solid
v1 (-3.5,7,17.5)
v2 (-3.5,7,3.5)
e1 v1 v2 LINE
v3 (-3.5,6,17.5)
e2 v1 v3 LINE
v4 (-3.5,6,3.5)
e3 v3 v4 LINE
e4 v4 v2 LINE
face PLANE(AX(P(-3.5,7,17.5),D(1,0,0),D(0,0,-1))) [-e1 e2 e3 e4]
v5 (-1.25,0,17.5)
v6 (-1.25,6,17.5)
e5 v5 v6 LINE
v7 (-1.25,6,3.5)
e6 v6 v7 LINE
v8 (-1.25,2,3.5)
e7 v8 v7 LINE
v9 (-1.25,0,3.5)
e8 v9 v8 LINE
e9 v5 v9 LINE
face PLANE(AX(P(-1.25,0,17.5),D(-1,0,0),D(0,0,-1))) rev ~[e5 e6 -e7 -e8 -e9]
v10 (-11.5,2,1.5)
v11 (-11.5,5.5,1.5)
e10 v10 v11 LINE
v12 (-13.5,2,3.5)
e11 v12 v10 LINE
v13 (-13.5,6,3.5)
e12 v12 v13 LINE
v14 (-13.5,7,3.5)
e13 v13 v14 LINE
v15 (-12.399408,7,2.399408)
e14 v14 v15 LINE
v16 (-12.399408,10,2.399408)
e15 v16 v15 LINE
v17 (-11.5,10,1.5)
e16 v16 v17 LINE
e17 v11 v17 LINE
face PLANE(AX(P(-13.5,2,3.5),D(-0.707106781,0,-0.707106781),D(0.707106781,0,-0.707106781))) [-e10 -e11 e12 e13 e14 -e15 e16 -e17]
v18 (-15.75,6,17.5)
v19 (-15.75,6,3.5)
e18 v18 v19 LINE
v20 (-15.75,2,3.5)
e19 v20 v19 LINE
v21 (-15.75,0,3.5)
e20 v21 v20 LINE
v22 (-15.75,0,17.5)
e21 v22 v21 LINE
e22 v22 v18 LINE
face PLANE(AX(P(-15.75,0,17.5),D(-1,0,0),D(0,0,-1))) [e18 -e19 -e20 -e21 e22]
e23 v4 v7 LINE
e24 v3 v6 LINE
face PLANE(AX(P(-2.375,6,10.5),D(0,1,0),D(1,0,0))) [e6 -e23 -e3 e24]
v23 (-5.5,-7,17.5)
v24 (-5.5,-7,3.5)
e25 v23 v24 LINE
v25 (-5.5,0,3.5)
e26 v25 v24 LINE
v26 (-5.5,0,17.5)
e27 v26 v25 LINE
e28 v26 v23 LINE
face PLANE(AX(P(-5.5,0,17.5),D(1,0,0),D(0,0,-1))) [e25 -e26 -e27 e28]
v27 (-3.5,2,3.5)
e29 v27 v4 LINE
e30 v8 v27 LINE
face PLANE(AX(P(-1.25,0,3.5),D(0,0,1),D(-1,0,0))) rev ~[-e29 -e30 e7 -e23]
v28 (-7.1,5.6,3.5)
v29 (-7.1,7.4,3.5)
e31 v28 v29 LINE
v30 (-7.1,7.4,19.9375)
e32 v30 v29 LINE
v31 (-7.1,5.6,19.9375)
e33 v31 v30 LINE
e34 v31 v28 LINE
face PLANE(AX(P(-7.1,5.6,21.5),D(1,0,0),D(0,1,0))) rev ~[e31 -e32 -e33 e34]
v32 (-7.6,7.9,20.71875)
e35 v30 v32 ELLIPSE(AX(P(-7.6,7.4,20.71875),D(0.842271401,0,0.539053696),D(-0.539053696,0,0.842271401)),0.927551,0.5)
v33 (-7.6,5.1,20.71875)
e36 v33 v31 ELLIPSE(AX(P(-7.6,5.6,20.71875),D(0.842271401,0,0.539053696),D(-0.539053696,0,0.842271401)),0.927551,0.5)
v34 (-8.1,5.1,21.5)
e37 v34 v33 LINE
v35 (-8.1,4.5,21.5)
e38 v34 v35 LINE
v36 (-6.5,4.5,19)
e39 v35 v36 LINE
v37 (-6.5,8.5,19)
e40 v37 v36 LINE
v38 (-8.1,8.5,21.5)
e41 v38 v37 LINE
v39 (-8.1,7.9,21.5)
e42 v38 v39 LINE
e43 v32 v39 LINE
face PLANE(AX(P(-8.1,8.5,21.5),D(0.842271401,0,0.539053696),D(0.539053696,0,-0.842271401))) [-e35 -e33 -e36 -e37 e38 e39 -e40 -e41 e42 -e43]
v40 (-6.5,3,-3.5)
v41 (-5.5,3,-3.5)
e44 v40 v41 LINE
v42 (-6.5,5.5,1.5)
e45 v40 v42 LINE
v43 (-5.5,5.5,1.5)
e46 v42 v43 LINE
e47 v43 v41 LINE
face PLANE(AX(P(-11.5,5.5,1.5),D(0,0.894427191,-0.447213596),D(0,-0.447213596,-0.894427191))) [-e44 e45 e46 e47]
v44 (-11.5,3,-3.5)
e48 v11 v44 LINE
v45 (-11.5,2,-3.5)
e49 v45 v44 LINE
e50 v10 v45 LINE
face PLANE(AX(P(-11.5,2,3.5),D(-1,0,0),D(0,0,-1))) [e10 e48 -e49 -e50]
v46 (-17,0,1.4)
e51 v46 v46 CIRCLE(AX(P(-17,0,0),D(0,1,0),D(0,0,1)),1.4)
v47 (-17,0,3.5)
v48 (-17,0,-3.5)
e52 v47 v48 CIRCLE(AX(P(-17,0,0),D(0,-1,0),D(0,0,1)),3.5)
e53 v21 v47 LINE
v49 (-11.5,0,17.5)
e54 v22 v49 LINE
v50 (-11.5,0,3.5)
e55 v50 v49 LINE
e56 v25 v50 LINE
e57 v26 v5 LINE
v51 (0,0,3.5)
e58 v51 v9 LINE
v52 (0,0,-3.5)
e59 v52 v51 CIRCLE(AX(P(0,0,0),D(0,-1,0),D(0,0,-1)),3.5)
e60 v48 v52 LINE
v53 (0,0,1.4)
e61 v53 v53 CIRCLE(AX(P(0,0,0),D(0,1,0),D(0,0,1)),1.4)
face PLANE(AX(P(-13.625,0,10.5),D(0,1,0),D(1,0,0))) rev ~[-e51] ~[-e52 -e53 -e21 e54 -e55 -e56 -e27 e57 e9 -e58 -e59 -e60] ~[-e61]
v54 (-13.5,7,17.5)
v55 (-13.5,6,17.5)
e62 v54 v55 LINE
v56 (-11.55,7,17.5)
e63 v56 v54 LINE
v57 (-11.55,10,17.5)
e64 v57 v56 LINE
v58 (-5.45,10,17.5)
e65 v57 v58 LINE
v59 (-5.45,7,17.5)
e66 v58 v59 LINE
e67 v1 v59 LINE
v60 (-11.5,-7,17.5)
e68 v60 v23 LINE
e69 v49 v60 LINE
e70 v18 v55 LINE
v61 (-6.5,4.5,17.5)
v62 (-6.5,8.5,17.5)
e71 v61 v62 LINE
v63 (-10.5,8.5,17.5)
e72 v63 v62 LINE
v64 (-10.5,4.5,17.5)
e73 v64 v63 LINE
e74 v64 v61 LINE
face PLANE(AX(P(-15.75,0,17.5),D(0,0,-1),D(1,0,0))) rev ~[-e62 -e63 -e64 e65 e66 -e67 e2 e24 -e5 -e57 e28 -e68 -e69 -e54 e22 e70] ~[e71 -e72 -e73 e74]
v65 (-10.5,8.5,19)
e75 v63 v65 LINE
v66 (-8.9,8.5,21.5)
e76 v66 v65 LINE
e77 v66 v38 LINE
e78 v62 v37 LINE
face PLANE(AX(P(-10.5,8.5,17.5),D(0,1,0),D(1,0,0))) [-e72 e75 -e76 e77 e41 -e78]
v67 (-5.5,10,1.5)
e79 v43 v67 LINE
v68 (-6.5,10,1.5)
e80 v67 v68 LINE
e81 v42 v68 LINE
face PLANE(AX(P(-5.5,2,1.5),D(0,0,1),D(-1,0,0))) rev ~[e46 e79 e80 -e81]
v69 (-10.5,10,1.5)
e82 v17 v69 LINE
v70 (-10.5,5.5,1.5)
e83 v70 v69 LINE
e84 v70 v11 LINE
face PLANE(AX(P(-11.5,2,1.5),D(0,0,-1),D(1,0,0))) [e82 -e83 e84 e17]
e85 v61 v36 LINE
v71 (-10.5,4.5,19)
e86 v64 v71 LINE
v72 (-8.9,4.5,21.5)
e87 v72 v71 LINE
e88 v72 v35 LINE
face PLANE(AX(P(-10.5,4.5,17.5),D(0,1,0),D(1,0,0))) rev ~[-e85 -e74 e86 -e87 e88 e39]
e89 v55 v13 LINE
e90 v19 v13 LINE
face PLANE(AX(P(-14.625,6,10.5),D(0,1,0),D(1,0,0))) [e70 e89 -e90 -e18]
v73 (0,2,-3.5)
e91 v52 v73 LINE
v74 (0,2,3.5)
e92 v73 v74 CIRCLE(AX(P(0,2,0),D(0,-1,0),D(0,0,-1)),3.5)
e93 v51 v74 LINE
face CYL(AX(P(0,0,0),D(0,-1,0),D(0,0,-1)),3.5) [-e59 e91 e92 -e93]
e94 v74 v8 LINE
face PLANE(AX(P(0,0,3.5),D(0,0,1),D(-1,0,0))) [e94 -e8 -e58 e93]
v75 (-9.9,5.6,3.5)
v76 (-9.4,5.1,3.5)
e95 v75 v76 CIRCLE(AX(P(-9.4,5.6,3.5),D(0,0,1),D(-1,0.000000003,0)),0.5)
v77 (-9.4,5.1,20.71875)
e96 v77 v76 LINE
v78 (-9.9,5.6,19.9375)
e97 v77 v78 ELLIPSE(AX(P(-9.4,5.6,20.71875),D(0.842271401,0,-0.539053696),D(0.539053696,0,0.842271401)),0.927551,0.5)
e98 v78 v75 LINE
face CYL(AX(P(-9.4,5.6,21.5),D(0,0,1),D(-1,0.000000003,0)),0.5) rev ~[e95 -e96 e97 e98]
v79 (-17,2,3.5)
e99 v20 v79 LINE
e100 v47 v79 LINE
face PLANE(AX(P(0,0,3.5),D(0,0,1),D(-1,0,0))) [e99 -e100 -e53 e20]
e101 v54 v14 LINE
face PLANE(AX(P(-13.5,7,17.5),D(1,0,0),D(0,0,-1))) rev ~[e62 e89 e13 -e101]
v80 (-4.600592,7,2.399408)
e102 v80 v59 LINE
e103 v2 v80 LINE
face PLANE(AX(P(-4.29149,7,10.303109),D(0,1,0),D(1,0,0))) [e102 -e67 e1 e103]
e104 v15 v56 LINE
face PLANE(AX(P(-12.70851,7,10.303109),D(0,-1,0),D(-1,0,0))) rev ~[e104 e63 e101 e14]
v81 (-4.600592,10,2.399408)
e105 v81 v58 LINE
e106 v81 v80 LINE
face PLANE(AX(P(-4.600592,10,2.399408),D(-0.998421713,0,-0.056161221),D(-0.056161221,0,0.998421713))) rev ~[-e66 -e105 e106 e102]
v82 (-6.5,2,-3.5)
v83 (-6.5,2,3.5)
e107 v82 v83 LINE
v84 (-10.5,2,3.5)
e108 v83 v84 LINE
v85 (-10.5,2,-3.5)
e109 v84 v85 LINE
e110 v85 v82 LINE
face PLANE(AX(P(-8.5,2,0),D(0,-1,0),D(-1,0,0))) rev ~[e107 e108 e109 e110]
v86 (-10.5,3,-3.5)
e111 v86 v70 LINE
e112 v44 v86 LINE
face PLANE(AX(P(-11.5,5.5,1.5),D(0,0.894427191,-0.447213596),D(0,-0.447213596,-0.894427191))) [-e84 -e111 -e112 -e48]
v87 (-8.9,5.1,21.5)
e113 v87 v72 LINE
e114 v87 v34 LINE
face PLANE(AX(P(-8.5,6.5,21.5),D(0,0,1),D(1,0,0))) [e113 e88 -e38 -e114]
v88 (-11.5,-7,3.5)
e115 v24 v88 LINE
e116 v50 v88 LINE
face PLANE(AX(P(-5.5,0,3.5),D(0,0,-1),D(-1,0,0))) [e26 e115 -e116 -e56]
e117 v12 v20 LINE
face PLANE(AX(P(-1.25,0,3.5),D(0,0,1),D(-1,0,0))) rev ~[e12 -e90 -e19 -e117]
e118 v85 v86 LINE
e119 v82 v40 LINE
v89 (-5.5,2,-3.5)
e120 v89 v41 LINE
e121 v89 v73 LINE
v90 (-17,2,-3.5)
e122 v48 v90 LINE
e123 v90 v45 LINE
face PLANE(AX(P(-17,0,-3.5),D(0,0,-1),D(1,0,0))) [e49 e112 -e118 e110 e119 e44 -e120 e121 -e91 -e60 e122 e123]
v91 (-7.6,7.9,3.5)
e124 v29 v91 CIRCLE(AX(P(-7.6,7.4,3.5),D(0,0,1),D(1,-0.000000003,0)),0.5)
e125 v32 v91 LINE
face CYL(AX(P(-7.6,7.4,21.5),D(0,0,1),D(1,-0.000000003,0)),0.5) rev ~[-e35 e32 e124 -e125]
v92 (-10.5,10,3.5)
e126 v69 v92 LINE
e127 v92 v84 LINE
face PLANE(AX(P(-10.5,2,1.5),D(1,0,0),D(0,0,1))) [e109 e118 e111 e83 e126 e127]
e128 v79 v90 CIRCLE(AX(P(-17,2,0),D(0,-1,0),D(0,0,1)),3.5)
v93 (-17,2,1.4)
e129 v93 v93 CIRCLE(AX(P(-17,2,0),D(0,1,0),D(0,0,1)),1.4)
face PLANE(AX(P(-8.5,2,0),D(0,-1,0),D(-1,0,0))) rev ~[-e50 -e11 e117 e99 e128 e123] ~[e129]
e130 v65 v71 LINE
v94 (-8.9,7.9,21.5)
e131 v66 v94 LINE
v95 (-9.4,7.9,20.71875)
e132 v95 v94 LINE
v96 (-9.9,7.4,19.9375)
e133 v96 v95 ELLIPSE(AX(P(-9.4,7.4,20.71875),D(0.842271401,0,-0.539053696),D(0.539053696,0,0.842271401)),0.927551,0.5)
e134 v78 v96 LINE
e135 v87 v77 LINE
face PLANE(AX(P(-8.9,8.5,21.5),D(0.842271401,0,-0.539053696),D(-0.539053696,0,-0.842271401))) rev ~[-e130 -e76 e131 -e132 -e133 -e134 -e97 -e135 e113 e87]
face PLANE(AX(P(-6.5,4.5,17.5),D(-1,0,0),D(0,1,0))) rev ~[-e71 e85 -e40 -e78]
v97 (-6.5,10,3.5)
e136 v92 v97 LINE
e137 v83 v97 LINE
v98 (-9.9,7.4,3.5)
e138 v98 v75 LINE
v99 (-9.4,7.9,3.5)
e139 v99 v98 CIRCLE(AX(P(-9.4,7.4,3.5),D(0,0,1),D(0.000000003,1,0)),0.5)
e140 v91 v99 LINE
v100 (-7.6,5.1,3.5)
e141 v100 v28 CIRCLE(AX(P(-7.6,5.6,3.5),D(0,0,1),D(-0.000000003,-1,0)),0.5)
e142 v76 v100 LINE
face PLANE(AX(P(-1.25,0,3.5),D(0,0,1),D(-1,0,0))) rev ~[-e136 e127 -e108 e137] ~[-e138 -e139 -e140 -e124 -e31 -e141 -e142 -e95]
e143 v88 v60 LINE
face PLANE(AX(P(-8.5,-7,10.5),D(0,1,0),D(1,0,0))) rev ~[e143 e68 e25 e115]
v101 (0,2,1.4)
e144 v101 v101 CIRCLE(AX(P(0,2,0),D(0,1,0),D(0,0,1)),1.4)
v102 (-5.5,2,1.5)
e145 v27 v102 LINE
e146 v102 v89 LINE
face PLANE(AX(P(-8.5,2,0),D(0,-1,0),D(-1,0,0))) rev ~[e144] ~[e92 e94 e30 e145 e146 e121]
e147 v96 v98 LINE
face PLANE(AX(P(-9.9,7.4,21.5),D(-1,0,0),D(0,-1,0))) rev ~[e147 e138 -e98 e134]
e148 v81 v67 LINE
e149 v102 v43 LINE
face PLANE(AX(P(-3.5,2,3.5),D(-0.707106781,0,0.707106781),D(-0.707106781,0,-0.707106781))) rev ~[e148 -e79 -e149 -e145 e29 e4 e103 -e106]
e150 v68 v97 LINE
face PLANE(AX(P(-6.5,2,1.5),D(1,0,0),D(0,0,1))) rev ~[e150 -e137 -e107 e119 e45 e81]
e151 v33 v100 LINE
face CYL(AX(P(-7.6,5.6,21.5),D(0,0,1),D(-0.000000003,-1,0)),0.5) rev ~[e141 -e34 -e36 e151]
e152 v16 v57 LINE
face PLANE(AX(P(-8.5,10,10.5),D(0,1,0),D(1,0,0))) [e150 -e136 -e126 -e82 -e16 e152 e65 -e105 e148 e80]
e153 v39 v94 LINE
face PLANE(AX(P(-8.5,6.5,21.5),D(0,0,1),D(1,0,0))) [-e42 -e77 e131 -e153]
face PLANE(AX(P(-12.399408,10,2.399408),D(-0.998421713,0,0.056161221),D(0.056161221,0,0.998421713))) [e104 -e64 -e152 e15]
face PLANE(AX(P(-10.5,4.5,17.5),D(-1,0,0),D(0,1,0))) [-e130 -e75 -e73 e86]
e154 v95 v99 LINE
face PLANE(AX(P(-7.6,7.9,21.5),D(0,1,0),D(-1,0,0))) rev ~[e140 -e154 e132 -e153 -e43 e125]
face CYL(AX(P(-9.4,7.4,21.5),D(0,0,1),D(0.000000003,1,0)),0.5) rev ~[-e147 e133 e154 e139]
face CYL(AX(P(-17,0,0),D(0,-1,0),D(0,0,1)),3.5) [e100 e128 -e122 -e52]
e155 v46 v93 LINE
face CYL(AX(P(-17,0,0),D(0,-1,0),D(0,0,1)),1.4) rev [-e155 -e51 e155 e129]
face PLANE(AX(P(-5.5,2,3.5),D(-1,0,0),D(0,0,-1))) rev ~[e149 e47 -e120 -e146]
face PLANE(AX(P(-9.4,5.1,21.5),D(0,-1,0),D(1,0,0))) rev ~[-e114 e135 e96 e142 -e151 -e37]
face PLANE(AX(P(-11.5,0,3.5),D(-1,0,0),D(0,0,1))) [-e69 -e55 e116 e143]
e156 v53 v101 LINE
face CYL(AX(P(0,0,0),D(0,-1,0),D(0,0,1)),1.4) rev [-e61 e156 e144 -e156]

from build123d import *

# Parameters (mm, degrees)
SZKIC1_R                    = 1.4
DODANIE_WYCI_GNI_CIE1_DEPTH = 2
SZKIC1_3_W                  = 4.25
SZKIC1_3_H                  = 14
DODANIE_WYCI_GNI_CIE2_DEPTH = 7
DODANIE_WYCI_GNI_CIE3_DEPTH = 7
SZKIC2_W                    = 10
SZKIC2_H                    = 14
DODANIE_WYCI_GNI_CIE4_DEPTH = 3
DODANIE_WYCI_GNI_CIE5_START = 2
SZKIC1_5_W                  = 1
SZKIC1_5_H                  = 7
DODANIE_WYCI_GNI_CIE5_DEPTH = 3.5
DODANIE_WYCI_GNI_CIE6_REACH = 30.417
WYTNIJ_WYCI_GNI_CIE1_REACH  = 27.125
WYTNIJ_WYCI_GNI_CIE2_DEPTH  = 3
SZKIC6_W                    = 2.25
SZKIC6_H                    = 14
WYTNIJ_WYCI_GNI_CIE3_DEPTH  = 1
SZKIC7_W                    = 4
SZKIC7_H                    = 4
DODANIE_WYCI_GNI_CIE7_DEPTH = 4
WYTNIJ_WYCI_GNI_CIE4_DEPTH  = 4
WYTNIJ_WYCI_GNI_CIE5_DEPTH  = 34.841542518


with BuildPart() as part:
    # Szkic1 → Dodanie-wyciągnięcie1 (new body)
    with BuildSketch(Plane(origin=(0, 0, 0), x_dir=(1, 0, 0), z_dir=(0, 1, 0))):
        with BuildLine():
            Line((-17, 3.5), (0, 3.5))
            ThreePointArc((0, 3.5), (3.5, 0), (0, -3.5))
            Line((0, -3.5), (-17, -3.5))
            ThreePointArc((-17, -3.5), (-20.5, 0), (-17, 3.5))
        make_face()
        with Locations(Location((-17, 0, 0), (0, 0, 270))):
            Circle(SZKIC1_R, mode=Mode.SUBTRACT)
        with Locations(Location((0, 0, 0), (0, 0, 270))):
            Circle(SZKIC1_R, mode=Mode.SUBTRACT)
    extrude(amount=DODANIE_WYCI_GNI_CIE1_DEPTH)

    # Szkic1<3> → Dodanie-wyciągnięcie2 (add)
    with BuildSketch(Plane(origin=(0, 0, 0), x_dir=(1, 0, 0), z_dir=(0, 1, 0))):
        with Locations((-13.625, -10.5)):
            Rectangle(SZKIC1_3_W, SZKIC1_3_H)
        Polygon((-10.5, -3.5), (-11.5, -3.5), (-11.5, -17.5), (-5.5, -17.5), (-5.5, -3.5), (-6.5, -3.5), align=None)
        with Locations((-3.375, -10.5)):
            Rectangle(SZKIC1_3_W, SZKIC1_3_H)
    extrude(amount=DODANIE_WYCI_GNI_CIE2_DEPTH)

    # Szkic1<4> → Dodanie-wyciągnięcie3 (add)
    with BuildSketch(Plane(origin=(0, 0, 0), x_dir=(1, 0, 0), z_dir=(0, 1, 0))):
        Polygon((-10.5, -3.5), (-11.5, -3.5), (-11.5, -17.5), (-5.5, -17.5), (-5.5, -3.5), (-6.5, -3.5), align=None)
    extrude(amount=-DODANIE_WYCI_GNI_CIE3_DEPTH)

    # Szkic2 → Dodanie-wyciągnięcie4 (add)
    with BuildSketch(Plane(origin=(0, 7, 0), x_dir=(1, 0, 0), z_dir=(0, 1, 0))):
        with Locations((-8.5, -10.5)):
            Rectangle(SZKIC2_W, SZKIC2_H)
    extrude(amount=DODANIE_WYCI_GNI_CIE4_DEPTH)

    # Szkic1<5> → Dodanie-wyciągnięcie5 (add)
    with BuildSketch(Plane(origin=(0, 0, 0), x_dir=(1, 0, 0), z_dir=(0, 1, 0)).offset(DODANIE_WYCI_GNI_CIE5_START)):
        with Locations((-6, 0)):
            Rectangle(SZKIC1_5_W, SZKIC1_5_H)
        with Locations((-11, 0)):
            Rectangle(SZKIC1_5_W, SZKIC1_5_H)
    extrude(amount=DODANIE_WYCI_GNI_CIE5_DEPTH)

    # Dodanie-wyciągnięcie6: up to this face of the body (flat: up to its plane)
    dodanie_wyci_gni_cie6_end = Plane(part.part.faces().sort_by_distance((-8.5, 10, 10.5))[0])
    # Szkic3 → Dodanie-wyciągnięcie6 (add, up to the picked face)
    with BuildSketch(Plane(origin=(0, 2, 0), x_dir=(1, 0, 0), z_dir=(0, 1, 0)), mode=Mode.PRIVATE) as dodanie_wyci_gni_cie6_sk1:
        Polygon((-3.5, -3.5), (-5.5, -1.5), (-6.5, -1.5), (-6.5, -3.5), (-5.5, -3.5), align=None)
    dodanie_wyci_gni_cie6_tool1 = split(extrude(dodanie_wyci_gni_cie6_sk1.sketch, amount=DODANIE_WYCI_GNI_CIE6_REACH, mode=Mode.PRIVATE), bisect_by=dodanie_wyci_gni_cie6_end, keep=Keep.BOTH, mode=Mode.PRIVATE)
    # Szkic3 → Dodanie-wyciągnięcie6 (add, up to the picked face)
    with BuildSketch(Plane(origin=(0, 2, 0), x_dir=(1, 0, 0), z_dir=(0, 1, 0)), mode=Mode.PRIVATE) as dodanie_wyci_gni_cie6_sk2:
        Polygon((-11.5, -3.5), (-13.5, -3.5), (-11.5, -1.5), (-10.5, -1.5), (-10.5, -3.5), align=None)
    dodanie_wyci_gni_cie6_tool2 = split(extrude(dodanie_wyci_gni_cie6_sk2.sketch, amount=DODANIE_WYCI_GNI_CIE6_REACH, mode=Mode.PRIVATE), bisect_by=dodanie_wyci_gni_cie6_end, keep=Keep.BOTH, mode=Mode.PRIVATE)
    add(dodanie_wyci_gni_cie6_tool1.solids().sort_by(Axis((-5.416667, 2, 2.666667), (0, 1, 0)))[0])
    add(dodanie_wyci_gni_cie6_tool2.solids().sort_by(Axis((-11.583333, 2, 2.666667), (0, 1, 0)))[0])

    # Wytnij-wyciągnięcie1: up to this face of the body (flat: up to its plane)
    wytnij_wyci_gni_cie1_end = Plane(part.part.faces().sort_by_distance((-5.5, 3.75, -1))[0])
    # Szkic4 → Wytnij-wyciągnięcie1 (cut, up to the picked face)
    with BuildSketch(Plane.ZY.offset(11.5), mode=Mode.PRIVATE) as wytnij_wyci_gni_cie1_sk1:
        Polygon((1.5, 5.5), (-3.5, 3), (-3.5, 5.5), align=None)
    wytnij_wyci_gni_cie1_tool1 = split(extrude(wytnij_wyci_gni_cie1_sk1.sketch, amount=-WYTNIJ_WYCI_GNI_CIE1_REACH, mode=Mode.PRIVATE), bisect_by=wytnij_wyci_gni_cie1_end, keep=Keep.BOTH, mode=Mode.PRIVATE)
    add(wytnij_wyci_gni_cie1_tool1.solids().sort_by(Axis((-11.5, 4.666667, -1.833333), (1, 0, 0)))[0], mode=Mode.SUBTRACT)

    # Szkic5 → Wytnij-wyciągnięcie2 (cut)
    with BuildSketch(Plane(origin=(0, 10, 0), x_dir=(1, 0, 0), z_dir=(0, 1, 0))):
        Polygon((-5.45, -17.5), (-3.5, -17.5), (-3.5, -3.5), (-4.600591716, -2.399408284), align=None)
        Polygon((-13.5, -3.5), (-12.399408284, -2.399408284), (-11.55, -17.5), (-13.5, -17.5), align=None)
    extrude(amount=-WYTNIJ_WYCI_GNI_CIE2_DEPTH, mode=Mode.SUBTRACT)

    # Szkic6 → Wytnij-wyciągnięcie3 (cut)
    with BuildSketch(Plane(origin=(0, 7, 0), x_dir=(1, 0, 0), z_dir=(0, 1, 0))):
        with Locations((-2.375, -10.5)):
            Rectangle(SZKIC6_W, SZKIC6_H)
        with Locations((-14.625, -10.5)):
            Rectangle(SZKIC6_W, SZKIC6_H)
    extrude(amount=-WYTNIJ_WYCI_GNI_CIE3_DEPTH, mode=Mode.SUBTRACT)

    # Szkic7 → Dodanie-wyciągnięcie7 (add)
    with BuildSketch(Plane.XY.offset(17.5)):
        with Locations((-8.5, 6.5)):
            Rectangle(SZKIC7_W, SZKIC7_H)
    extrude(amount=DODANIE_WYCI_GNI_CIE7_DEPTH)

    # Szkic8 → Wytnij-wyciągnięcie4 (cut)
    with BuildSketch(Plane(origin=(0, 8.5, 0), x_dir=(1, 0, 0), z_dir=(0, 1, 0))):
        Polygon((-8.1, -21.5), (-6.5, -19), (-6.5, -21.5), align=None)
        Polygon((-8.9, -21.5), (-10.5, -19), (-10.5, -21.5), align=None)
    extrude(amount=-WYTNIJ_WYCI_GNI_CIE4_DEPTH, mode=Mode.SUBTRACT)

    # Szkic9 → Wytnij-wyciągnięcie5 (cut, through all)
    with BuildSketch(Plane.XY.offset(21.5)):
        with BuildLine():
            Line((-7.6, 7.9), (-9.4, 7.9))
            ThreePointArc((-9.4, 7.9), (-9.753553391, 7.753553391), (-9.9, 7.4))
            Line((-9.9, 7.4), (-9.9, 5.6))
            ThreePointArc((-9.9, 5.6), (-9.753553391, 5.246446609), (-9.4, 5.1))
            Line((-9.4, 5.1), (-7.6, 5.1))
            ThreePointArc((-7.6, 5.1), (-7.246446609, 5.246446609), (-7.1, 5.6))
            Line((-7.1, 5.6), (-7.1, 7.4))
            ThreePointArc((-7.1, 7.4), (-7.246446609, 7.753553391), (-7.6, 7.9))
        make_face()
    extrude(amount=-WYTNIJ_WYCI_GNI_CIE5_DEPTH, mode=Mode.SUBTRACT)


solid = part.part
